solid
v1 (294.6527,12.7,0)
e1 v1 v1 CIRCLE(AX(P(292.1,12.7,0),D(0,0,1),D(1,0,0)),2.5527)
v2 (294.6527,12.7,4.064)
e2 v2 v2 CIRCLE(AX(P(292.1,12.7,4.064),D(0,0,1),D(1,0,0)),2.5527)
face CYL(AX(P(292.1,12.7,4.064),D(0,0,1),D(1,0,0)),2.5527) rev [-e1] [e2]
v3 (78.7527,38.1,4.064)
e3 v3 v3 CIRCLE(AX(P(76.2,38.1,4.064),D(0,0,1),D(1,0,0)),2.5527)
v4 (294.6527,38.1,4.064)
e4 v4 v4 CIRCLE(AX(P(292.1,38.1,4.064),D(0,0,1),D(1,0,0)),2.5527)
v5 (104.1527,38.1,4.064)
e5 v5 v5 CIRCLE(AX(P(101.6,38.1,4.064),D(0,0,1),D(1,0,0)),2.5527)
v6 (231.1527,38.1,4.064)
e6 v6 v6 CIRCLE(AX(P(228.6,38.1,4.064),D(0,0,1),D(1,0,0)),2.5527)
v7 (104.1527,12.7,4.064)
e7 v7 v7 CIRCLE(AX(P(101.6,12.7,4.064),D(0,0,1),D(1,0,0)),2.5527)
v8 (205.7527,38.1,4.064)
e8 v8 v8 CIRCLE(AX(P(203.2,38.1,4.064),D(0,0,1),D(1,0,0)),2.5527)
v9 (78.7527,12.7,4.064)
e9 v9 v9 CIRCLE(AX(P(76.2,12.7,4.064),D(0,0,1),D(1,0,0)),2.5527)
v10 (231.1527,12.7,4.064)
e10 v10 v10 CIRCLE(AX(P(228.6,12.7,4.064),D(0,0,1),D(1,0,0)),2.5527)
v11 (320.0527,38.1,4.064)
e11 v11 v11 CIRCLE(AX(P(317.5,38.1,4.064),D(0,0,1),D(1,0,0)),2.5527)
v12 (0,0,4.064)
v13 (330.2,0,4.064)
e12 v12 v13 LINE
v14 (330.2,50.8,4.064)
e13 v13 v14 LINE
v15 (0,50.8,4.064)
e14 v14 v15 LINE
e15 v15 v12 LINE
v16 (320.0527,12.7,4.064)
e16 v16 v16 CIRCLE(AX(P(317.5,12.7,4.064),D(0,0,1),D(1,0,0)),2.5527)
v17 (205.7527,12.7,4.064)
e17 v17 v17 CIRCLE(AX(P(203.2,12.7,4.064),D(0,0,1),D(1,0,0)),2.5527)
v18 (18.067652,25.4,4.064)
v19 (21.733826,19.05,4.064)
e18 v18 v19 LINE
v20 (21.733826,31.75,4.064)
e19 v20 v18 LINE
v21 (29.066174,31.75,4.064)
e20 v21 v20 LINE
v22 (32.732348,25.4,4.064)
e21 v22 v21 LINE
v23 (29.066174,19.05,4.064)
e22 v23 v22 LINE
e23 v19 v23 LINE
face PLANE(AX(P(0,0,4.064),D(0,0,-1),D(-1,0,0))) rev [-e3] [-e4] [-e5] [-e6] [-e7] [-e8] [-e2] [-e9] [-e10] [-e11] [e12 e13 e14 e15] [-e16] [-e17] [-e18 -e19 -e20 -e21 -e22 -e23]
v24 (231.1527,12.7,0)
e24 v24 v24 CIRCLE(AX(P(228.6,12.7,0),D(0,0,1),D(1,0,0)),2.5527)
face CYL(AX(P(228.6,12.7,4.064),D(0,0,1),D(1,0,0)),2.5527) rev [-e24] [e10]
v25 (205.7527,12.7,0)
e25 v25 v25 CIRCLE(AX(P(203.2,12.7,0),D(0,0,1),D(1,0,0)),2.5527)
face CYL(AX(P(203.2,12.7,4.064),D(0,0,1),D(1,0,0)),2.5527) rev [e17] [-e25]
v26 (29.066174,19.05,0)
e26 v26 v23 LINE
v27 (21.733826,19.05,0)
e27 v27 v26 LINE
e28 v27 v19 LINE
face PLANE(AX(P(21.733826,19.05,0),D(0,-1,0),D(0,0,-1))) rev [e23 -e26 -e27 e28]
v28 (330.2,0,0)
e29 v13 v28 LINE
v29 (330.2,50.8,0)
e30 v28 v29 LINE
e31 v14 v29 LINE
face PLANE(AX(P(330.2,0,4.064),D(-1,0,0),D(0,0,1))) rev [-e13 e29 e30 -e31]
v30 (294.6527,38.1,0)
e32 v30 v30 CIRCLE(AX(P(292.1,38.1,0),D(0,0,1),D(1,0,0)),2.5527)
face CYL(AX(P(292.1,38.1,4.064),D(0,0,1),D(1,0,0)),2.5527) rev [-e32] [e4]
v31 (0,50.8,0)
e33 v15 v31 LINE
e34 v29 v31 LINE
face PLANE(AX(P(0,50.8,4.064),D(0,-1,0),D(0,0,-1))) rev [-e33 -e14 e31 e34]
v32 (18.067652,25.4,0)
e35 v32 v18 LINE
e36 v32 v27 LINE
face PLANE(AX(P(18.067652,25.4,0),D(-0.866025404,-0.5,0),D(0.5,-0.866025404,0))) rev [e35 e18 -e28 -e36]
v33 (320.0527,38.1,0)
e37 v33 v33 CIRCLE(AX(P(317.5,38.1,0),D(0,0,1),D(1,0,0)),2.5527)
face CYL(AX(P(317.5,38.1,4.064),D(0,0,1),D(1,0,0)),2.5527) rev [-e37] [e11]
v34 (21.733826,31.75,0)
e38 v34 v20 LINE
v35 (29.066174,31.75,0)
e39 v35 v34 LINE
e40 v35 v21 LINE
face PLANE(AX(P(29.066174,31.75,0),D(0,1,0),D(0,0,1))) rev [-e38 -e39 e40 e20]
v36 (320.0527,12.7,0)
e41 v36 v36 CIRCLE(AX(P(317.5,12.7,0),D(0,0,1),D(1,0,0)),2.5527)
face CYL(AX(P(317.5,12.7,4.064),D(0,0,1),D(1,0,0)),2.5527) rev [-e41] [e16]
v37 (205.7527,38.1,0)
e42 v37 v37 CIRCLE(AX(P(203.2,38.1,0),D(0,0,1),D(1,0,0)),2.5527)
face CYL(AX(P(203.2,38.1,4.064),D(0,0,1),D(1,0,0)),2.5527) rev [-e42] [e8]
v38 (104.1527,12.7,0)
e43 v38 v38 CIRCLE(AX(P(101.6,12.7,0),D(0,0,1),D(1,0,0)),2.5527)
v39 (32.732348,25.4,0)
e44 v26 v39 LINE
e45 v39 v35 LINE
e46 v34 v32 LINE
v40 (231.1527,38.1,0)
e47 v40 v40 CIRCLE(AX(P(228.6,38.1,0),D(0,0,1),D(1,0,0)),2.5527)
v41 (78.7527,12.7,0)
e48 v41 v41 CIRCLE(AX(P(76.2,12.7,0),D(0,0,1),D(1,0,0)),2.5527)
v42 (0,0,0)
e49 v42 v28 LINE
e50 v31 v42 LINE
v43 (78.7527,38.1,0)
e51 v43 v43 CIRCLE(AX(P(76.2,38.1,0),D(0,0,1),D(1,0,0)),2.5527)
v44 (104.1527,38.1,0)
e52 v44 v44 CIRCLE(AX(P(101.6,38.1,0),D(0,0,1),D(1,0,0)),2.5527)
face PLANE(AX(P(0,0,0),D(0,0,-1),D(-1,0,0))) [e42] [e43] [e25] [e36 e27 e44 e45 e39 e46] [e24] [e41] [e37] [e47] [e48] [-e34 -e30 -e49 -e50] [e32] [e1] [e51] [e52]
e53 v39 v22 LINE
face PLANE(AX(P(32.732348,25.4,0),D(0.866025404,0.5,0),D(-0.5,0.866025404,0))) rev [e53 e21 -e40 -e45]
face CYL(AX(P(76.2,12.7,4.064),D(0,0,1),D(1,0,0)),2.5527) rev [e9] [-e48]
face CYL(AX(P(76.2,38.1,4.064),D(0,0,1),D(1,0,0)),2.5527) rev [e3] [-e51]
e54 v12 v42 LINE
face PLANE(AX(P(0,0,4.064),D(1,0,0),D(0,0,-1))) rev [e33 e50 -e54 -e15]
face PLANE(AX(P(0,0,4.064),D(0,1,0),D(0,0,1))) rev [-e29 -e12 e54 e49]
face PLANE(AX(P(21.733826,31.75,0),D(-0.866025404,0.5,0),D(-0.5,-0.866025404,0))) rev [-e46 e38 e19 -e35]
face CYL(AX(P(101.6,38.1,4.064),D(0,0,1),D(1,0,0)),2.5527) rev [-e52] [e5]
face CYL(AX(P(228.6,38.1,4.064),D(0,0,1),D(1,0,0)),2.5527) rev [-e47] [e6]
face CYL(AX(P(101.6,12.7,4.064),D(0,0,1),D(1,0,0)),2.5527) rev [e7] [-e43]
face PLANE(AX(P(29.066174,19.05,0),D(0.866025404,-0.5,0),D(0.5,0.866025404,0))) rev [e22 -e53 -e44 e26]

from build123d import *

# Parameters (mm, degrees)
SKETCH1_W                          = 330.2
SKETCH1_H                          = 50.8
BASE_DEPTH                         = 4.064
F_10_CLEARANCE_HOLE_BASKET_MOUNT_D = 5.1054
PIVOT_HOLE_DEPTH                   = 5.064
F_10_CLEARANCE_HOLE1_D             = 5.1054


with BuildPart() as part:
    # Sketch1 → base (new body)
    with BuildSketch(Plane.XY):
        with Locations((165.1, 25.4)):
            Rectangle(SKETCH1_W, SKETCH1_H)
    extrude(amount=BASE_DEPTH)

    # #10 Clearance Hole - basket mount (through all)
    with Locations(Plane.XY.offset(4.064)):
        with Locations((203.2, 12.7), (228.6, 38.1), (203.2, 38.1), (228.6, 12.7), (76.2, 38.1), (101.6, 12.7), (76.2, 12.7), (101.6, 38.1)):
            Hole(F_10_CLEARANCE_HOLE_BASKET_MOUNT_D / 2)

    # Sketch7 → pivot hole (cut, through all)
    with BuildSketch(Plane.XY.offset(4.064)):
        Polygon((21.733825791, 31.75), (18.067651581, 25.4), (21.733825791, 19.05), (29.066174209, 19.05), (32.732348419, 25.4), (29.066174209, 31.75), align=None)
    extrude(amount=-PIVOT_HOLE_DEPTH, mode=Mode.SUBTRACT)

    # #10 Clearance Hole1 (through all)
    with Locations(Plane.XY.offset(4.064)):
        with Locations((317.5, 38.1), (292.1, 12.7), (317.5, 12.7), (292.1, 38.1)):
            Hole(F_10_CLEARANCE_HOLE1_D / 2)


solid = part.part
